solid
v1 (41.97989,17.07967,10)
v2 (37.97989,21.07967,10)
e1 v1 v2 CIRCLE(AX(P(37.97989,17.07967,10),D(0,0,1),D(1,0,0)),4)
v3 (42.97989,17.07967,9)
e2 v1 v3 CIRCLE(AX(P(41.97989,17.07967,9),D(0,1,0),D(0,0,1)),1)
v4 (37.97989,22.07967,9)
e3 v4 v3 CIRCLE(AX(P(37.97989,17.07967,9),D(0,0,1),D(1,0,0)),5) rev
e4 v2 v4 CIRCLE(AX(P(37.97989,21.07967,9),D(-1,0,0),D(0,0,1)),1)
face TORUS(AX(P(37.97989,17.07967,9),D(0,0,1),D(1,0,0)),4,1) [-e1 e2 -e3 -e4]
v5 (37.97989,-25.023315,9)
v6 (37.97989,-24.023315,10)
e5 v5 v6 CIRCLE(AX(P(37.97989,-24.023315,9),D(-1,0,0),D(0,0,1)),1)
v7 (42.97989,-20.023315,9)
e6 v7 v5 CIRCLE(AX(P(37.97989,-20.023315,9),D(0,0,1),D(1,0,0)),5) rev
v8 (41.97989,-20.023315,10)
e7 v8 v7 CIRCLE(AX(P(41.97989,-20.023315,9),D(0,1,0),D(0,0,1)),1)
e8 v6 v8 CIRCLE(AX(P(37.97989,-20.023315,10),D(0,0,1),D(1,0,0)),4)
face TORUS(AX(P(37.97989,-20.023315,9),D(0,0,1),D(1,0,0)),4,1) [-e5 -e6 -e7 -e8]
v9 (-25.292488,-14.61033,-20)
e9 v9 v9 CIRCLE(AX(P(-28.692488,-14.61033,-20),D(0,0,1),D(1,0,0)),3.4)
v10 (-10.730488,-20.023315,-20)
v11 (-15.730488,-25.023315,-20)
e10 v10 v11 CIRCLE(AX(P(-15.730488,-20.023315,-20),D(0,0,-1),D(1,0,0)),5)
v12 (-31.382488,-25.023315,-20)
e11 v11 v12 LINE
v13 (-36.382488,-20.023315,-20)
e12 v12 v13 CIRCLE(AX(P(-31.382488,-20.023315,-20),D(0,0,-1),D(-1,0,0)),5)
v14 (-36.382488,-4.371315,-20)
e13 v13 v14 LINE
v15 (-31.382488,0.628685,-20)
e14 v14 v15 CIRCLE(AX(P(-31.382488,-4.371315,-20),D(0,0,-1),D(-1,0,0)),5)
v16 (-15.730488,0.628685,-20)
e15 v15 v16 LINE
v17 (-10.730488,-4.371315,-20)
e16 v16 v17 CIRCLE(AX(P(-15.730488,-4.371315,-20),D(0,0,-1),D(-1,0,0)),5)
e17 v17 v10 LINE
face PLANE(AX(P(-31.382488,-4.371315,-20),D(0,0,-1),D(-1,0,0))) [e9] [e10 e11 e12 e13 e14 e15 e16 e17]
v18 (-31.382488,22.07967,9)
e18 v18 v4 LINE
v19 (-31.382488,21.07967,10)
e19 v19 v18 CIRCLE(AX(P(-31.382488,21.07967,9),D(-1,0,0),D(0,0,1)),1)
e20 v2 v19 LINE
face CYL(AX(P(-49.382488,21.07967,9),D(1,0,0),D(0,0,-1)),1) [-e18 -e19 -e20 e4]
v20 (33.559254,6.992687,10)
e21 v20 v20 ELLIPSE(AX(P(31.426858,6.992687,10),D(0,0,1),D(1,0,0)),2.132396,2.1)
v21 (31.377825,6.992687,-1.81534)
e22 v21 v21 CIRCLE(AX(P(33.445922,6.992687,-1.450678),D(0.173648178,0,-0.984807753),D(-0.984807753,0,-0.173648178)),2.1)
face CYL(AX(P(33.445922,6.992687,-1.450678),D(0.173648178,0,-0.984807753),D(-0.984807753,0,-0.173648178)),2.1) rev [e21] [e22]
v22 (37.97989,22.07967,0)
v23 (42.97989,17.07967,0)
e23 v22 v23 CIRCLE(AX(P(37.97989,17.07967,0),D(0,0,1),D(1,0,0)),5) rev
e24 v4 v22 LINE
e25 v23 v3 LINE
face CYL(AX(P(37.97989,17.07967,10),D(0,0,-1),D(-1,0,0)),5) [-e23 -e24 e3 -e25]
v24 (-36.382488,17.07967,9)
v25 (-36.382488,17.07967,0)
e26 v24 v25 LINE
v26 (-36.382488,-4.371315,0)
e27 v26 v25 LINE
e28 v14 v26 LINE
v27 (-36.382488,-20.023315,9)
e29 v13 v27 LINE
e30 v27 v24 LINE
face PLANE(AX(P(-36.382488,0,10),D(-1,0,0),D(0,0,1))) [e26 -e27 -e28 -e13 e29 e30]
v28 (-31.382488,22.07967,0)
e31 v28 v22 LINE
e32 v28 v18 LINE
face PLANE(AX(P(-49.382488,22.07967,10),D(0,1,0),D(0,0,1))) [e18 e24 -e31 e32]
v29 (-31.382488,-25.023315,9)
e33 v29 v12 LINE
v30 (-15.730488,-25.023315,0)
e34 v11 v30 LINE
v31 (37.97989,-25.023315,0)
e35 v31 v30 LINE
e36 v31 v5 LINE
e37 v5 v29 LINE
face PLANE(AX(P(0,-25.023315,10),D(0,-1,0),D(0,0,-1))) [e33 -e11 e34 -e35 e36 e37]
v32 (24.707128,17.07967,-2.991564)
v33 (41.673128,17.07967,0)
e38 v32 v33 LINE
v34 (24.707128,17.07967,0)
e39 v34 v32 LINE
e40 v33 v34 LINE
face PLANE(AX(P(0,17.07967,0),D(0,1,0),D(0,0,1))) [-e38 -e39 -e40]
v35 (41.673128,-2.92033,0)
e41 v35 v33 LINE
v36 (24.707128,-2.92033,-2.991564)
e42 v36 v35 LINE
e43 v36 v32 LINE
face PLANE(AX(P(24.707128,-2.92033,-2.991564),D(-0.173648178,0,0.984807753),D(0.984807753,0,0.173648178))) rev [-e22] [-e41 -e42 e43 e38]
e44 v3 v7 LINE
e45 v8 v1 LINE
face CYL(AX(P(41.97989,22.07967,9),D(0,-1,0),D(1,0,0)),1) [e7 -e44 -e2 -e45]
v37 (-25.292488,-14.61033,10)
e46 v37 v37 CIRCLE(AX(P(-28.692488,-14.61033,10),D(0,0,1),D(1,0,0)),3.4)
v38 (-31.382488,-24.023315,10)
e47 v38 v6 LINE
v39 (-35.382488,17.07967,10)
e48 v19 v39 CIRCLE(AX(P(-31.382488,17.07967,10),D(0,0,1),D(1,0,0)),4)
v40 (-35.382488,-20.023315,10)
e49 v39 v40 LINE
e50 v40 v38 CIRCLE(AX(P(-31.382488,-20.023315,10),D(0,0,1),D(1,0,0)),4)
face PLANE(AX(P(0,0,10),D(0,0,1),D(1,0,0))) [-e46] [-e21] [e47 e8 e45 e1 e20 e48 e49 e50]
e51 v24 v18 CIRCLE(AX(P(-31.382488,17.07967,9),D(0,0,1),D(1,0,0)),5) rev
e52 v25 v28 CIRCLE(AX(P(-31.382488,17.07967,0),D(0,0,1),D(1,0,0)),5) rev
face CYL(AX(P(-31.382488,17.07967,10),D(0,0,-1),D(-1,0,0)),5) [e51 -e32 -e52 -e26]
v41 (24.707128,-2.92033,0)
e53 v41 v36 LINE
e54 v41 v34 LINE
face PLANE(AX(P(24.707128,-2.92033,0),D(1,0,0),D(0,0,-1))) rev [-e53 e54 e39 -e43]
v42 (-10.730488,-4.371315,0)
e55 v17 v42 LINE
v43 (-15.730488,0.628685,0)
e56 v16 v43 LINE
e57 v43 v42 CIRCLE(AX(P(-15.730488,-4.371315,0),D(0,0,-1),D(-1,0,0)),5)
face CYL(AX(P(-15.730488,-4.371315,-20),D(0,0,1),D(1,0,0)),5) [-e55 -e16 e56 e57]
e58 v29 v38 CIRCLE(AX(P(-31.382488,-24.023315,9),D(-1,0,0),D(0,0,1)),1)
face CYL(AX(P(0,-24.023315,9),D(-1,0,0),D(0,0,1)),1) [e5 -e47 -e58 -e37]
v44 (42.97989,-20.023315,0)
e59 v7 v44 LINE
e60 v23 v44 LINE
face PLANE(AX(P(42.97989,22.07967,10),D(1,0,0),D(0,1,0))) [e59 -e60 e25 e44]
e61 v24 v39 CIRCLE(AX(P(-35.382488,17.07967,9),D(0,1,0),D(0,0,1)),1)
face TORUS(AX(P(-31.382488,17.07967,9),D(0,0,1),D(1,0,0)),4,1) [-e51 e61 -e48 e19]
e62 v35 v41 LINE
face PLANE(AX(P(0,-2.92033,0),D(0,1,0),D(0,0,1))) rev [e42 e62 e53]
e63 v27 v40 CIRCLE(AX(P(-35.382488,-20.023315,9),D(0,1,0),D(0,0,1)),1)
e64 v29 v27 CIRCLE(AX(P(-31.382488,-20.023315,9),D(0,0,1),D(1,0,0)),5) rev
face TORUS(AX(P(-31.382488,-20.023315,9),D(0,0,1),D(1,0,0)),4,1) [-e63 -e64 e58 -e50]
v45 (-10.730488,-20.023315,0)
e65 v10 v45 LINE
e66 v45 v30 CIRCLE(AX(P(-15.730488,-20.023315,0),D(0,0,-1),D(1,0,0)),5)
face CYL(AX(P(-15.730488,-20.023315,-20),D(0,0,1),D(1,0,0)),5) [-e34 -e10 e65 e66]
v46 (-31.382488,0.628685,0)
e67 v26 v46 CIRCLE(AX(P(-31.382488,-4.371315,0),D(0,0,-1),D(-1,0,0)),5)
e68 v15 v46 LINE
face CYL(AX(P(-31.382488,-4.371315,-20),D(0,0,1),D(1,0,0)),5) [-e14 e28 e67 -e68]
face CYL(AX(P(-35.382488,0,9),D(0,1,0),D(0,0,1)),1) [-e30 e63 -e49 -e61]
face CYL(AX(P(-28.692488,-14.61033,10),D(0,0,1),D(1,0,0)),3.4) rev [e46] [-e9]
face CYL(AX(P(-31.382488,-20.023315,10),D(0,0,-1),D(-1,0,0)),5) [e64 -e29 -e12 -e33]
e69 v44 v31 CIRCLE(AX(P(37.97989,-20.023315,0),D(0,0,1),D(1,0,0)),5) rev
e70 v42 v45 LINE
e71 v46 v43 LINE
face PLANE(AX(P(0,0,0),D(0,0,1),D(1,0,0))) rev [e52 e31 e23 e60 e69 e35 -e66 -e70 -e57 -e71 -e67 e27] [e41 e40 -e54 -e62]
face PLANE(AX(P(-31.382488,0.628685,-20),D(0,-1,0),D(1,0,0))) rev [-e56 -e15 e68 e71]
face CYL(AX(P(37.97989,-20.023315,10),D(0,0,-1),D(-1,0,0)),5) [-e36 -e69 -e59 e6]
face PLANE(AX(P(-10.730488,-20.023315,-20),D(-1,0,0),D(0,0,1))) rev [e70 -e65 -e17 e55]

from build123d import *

# Parameters (mm, degrees)
SKETCH1_W           = 43.699940619
SKETCH1_H           = 33.102984907
BOSS_EXTRUDE1_DEPTH = 10
BOSS_EXTRUDE2_DEPTH = 10
M3_TAPPED_HOLE1_D   = 4.2
SKETCH15_W          = 10
SKETCH15_H          = 17.102984907
SKETCH15_W_2        = 13
SKETCH15_H_2        = 47.102984907
CUT_EXTRUDE1_DEPTH  = 10
SKETCH18_W          = 58.662437665
SKETCH18_H          = 17.102984907
BOSS_EXTRUDE4_DEPTH = 10
BOSS_EXTRUDE5_DEPTH = 20
M8_TAPPED_HOLE2_D   = 6.8
FILLET1_R           = 5
FILLET2_R           = 1


with BuildPart() as part:
    # Sketch1 → Boss-Extrude1 (new body)
    with BuildSketch(Plane.XY):
        Polygon((42.979890311, 22.079670103), (-49.382487973, 22.079670103), (-49.382487973, -7.920329897), (-5.682547354, -7.920329897), (42.979890311, -7.920329897), align=None)
        with Locations((-27.532517664, -24.471822351)):
            Rectangle(SKETCH1_W, SKETCH1_H)
    extrude(amount=BOSS_EXTRUDE1_DEPTH)

    # Sketch10 → Boss-Extrude2 (add, symmetric)
    with BuildSketch(Plane(origin=(0, 7.079670103, 0), x_dir=(-1, 0, 0), z_dir=(0, -1, 0))):
        Polygon((-41.673127971, 0), (-24.707127971, 0), (-24.707127971, 2.991563555), align=None)
    extrude(amount=BOSS_EXTRUDE2_DEPTH, both=True)

    # M3 Tapped Hole1 (through all)
    with Locations(Plane(origin=(33.44592172, 6.992687386, -1.450678438), x_dir=(-0.984807753012, 0, -0.173648177667), z_dir=(0.173648177667, 0, -0.984807753012))):
        with Locations((0, 0)):
            Hole(M3_TAPPED_HOLE1_D / 2)

    # Sketch15 → Cut-Extrude1 (cut)
    with BuildSketch(Plane(origin=(0, 0, 0), x_dir=(-1, 0, 0), z_dir=(0, 0, -1))):
        Polygon((5.682547354, -25.023314804), (5.682547354, -41.023314804), (49.382487973, -41.023314804), (49.382487973, -25.023314804), (36.382487973, -25.023314804), (15.682547354, -25.023314804), align=None)
        with Locations((10.682547354, -16.471822351)):
            Rectangle(SKETCH15_W, SKETCH15_H)
        with Locations((42.882487973, -1.471822351)):
            Rectangle(SKETCH15_W_2, SKETCH15_H_2)
    extrude(amount=-CUT_EXTRUDE1_DEPTH, mode=Mode.SUBTRACT)

    # Sketch18 → Boss-Extrude4 (add)
    with BuildSketch(Plane(origin=(0, 0, 0), x_dir=(-1, 0, 0), z_dir=(0, 0, -1))):
        with Locations((-13.648671479, -16.471822351)):
            Rectangle(SKETCH18_W, SKETCH18_H)
    extrude(amount=-BOSS_EXTRUDE4_DEPTH)

    # Sketch19 → Boss-Extrude5 (add)
    with BuildSketch(Plane(origin=(0, 0, 0), x_dir=(-1, 0, 0), z_dir=(0, 0, -1))):
        with BuildLine():
            Line((36.382487973, -25.023314804), (15.730487973, -25.023314804))
            ThreePointArc((15.730487973, -25.023314804), (12.194954067, -23.55884871), (10.730487973, -20.023314804))
            Line((10.730487973, -20.023314804), (10.730487973, -4.371314804))
            ThreePointArc((10.730487973, -4.371314804), (12.194954067, -0.835780898), (15.730487973, 0.628685196))
            Line((15.730487973, 0.628685196), (31.382487973, 0.628685196))
            ThreePointArc((31.382487973, 0.628685196), (34.918021878, -0.835780898), (36.382487973, -4.371314804))
            Line((36.382487973, -4.371314804), (36.382487973, -25.023314804))
        make_face()
    extrude(amount=BOSS_EXTRUDE5_DEPTH)

    # M8 Tapped Hole2 (through all)
    with Locations(Plane(origin=(-28.692487973, -14.610329897, 10), x_dir=(1, 0, 0), z_dir=(0, 0, 1))):
        with Locations((0, 0)):
            Hole(M8_TAPPED_HOLE2_D / 2)

    # Fillet1
    fillet1_edges = [part.edges().sort_by_distance(p)[0] for p in [
        (-36.382487973, -25.023314804, -5),
        (-36.382487973, 22.079670103, 5),
        (42.979890311, -25.023314804, 5),
        (42.979890311, 22.079670103, 5),
    ]]
    fillet(fillet1_edges, radius=FILLET1_R)

    # Fillet2
    fillet2_edges = [part.edges().sort_by_distance(p)[0] for p in [
        (-36.382487973, -1.471822351, 10),
        (3.298701169, 22.079670103, 10),
        (3.298701169, -25.023314804, 10),
        (42.979890311, -1.471822351, 10),
        (-34.918021878, -23.55884871, 10),
        (41.515424217, -23.55884871, 10),
        (41.515424217, 20.615204009, 10),
        (-34.918021878, 20.615204009, 10),
    ]]
    fillet(fillet2_edges, radius=FILLET2_R)


solid = part.part
